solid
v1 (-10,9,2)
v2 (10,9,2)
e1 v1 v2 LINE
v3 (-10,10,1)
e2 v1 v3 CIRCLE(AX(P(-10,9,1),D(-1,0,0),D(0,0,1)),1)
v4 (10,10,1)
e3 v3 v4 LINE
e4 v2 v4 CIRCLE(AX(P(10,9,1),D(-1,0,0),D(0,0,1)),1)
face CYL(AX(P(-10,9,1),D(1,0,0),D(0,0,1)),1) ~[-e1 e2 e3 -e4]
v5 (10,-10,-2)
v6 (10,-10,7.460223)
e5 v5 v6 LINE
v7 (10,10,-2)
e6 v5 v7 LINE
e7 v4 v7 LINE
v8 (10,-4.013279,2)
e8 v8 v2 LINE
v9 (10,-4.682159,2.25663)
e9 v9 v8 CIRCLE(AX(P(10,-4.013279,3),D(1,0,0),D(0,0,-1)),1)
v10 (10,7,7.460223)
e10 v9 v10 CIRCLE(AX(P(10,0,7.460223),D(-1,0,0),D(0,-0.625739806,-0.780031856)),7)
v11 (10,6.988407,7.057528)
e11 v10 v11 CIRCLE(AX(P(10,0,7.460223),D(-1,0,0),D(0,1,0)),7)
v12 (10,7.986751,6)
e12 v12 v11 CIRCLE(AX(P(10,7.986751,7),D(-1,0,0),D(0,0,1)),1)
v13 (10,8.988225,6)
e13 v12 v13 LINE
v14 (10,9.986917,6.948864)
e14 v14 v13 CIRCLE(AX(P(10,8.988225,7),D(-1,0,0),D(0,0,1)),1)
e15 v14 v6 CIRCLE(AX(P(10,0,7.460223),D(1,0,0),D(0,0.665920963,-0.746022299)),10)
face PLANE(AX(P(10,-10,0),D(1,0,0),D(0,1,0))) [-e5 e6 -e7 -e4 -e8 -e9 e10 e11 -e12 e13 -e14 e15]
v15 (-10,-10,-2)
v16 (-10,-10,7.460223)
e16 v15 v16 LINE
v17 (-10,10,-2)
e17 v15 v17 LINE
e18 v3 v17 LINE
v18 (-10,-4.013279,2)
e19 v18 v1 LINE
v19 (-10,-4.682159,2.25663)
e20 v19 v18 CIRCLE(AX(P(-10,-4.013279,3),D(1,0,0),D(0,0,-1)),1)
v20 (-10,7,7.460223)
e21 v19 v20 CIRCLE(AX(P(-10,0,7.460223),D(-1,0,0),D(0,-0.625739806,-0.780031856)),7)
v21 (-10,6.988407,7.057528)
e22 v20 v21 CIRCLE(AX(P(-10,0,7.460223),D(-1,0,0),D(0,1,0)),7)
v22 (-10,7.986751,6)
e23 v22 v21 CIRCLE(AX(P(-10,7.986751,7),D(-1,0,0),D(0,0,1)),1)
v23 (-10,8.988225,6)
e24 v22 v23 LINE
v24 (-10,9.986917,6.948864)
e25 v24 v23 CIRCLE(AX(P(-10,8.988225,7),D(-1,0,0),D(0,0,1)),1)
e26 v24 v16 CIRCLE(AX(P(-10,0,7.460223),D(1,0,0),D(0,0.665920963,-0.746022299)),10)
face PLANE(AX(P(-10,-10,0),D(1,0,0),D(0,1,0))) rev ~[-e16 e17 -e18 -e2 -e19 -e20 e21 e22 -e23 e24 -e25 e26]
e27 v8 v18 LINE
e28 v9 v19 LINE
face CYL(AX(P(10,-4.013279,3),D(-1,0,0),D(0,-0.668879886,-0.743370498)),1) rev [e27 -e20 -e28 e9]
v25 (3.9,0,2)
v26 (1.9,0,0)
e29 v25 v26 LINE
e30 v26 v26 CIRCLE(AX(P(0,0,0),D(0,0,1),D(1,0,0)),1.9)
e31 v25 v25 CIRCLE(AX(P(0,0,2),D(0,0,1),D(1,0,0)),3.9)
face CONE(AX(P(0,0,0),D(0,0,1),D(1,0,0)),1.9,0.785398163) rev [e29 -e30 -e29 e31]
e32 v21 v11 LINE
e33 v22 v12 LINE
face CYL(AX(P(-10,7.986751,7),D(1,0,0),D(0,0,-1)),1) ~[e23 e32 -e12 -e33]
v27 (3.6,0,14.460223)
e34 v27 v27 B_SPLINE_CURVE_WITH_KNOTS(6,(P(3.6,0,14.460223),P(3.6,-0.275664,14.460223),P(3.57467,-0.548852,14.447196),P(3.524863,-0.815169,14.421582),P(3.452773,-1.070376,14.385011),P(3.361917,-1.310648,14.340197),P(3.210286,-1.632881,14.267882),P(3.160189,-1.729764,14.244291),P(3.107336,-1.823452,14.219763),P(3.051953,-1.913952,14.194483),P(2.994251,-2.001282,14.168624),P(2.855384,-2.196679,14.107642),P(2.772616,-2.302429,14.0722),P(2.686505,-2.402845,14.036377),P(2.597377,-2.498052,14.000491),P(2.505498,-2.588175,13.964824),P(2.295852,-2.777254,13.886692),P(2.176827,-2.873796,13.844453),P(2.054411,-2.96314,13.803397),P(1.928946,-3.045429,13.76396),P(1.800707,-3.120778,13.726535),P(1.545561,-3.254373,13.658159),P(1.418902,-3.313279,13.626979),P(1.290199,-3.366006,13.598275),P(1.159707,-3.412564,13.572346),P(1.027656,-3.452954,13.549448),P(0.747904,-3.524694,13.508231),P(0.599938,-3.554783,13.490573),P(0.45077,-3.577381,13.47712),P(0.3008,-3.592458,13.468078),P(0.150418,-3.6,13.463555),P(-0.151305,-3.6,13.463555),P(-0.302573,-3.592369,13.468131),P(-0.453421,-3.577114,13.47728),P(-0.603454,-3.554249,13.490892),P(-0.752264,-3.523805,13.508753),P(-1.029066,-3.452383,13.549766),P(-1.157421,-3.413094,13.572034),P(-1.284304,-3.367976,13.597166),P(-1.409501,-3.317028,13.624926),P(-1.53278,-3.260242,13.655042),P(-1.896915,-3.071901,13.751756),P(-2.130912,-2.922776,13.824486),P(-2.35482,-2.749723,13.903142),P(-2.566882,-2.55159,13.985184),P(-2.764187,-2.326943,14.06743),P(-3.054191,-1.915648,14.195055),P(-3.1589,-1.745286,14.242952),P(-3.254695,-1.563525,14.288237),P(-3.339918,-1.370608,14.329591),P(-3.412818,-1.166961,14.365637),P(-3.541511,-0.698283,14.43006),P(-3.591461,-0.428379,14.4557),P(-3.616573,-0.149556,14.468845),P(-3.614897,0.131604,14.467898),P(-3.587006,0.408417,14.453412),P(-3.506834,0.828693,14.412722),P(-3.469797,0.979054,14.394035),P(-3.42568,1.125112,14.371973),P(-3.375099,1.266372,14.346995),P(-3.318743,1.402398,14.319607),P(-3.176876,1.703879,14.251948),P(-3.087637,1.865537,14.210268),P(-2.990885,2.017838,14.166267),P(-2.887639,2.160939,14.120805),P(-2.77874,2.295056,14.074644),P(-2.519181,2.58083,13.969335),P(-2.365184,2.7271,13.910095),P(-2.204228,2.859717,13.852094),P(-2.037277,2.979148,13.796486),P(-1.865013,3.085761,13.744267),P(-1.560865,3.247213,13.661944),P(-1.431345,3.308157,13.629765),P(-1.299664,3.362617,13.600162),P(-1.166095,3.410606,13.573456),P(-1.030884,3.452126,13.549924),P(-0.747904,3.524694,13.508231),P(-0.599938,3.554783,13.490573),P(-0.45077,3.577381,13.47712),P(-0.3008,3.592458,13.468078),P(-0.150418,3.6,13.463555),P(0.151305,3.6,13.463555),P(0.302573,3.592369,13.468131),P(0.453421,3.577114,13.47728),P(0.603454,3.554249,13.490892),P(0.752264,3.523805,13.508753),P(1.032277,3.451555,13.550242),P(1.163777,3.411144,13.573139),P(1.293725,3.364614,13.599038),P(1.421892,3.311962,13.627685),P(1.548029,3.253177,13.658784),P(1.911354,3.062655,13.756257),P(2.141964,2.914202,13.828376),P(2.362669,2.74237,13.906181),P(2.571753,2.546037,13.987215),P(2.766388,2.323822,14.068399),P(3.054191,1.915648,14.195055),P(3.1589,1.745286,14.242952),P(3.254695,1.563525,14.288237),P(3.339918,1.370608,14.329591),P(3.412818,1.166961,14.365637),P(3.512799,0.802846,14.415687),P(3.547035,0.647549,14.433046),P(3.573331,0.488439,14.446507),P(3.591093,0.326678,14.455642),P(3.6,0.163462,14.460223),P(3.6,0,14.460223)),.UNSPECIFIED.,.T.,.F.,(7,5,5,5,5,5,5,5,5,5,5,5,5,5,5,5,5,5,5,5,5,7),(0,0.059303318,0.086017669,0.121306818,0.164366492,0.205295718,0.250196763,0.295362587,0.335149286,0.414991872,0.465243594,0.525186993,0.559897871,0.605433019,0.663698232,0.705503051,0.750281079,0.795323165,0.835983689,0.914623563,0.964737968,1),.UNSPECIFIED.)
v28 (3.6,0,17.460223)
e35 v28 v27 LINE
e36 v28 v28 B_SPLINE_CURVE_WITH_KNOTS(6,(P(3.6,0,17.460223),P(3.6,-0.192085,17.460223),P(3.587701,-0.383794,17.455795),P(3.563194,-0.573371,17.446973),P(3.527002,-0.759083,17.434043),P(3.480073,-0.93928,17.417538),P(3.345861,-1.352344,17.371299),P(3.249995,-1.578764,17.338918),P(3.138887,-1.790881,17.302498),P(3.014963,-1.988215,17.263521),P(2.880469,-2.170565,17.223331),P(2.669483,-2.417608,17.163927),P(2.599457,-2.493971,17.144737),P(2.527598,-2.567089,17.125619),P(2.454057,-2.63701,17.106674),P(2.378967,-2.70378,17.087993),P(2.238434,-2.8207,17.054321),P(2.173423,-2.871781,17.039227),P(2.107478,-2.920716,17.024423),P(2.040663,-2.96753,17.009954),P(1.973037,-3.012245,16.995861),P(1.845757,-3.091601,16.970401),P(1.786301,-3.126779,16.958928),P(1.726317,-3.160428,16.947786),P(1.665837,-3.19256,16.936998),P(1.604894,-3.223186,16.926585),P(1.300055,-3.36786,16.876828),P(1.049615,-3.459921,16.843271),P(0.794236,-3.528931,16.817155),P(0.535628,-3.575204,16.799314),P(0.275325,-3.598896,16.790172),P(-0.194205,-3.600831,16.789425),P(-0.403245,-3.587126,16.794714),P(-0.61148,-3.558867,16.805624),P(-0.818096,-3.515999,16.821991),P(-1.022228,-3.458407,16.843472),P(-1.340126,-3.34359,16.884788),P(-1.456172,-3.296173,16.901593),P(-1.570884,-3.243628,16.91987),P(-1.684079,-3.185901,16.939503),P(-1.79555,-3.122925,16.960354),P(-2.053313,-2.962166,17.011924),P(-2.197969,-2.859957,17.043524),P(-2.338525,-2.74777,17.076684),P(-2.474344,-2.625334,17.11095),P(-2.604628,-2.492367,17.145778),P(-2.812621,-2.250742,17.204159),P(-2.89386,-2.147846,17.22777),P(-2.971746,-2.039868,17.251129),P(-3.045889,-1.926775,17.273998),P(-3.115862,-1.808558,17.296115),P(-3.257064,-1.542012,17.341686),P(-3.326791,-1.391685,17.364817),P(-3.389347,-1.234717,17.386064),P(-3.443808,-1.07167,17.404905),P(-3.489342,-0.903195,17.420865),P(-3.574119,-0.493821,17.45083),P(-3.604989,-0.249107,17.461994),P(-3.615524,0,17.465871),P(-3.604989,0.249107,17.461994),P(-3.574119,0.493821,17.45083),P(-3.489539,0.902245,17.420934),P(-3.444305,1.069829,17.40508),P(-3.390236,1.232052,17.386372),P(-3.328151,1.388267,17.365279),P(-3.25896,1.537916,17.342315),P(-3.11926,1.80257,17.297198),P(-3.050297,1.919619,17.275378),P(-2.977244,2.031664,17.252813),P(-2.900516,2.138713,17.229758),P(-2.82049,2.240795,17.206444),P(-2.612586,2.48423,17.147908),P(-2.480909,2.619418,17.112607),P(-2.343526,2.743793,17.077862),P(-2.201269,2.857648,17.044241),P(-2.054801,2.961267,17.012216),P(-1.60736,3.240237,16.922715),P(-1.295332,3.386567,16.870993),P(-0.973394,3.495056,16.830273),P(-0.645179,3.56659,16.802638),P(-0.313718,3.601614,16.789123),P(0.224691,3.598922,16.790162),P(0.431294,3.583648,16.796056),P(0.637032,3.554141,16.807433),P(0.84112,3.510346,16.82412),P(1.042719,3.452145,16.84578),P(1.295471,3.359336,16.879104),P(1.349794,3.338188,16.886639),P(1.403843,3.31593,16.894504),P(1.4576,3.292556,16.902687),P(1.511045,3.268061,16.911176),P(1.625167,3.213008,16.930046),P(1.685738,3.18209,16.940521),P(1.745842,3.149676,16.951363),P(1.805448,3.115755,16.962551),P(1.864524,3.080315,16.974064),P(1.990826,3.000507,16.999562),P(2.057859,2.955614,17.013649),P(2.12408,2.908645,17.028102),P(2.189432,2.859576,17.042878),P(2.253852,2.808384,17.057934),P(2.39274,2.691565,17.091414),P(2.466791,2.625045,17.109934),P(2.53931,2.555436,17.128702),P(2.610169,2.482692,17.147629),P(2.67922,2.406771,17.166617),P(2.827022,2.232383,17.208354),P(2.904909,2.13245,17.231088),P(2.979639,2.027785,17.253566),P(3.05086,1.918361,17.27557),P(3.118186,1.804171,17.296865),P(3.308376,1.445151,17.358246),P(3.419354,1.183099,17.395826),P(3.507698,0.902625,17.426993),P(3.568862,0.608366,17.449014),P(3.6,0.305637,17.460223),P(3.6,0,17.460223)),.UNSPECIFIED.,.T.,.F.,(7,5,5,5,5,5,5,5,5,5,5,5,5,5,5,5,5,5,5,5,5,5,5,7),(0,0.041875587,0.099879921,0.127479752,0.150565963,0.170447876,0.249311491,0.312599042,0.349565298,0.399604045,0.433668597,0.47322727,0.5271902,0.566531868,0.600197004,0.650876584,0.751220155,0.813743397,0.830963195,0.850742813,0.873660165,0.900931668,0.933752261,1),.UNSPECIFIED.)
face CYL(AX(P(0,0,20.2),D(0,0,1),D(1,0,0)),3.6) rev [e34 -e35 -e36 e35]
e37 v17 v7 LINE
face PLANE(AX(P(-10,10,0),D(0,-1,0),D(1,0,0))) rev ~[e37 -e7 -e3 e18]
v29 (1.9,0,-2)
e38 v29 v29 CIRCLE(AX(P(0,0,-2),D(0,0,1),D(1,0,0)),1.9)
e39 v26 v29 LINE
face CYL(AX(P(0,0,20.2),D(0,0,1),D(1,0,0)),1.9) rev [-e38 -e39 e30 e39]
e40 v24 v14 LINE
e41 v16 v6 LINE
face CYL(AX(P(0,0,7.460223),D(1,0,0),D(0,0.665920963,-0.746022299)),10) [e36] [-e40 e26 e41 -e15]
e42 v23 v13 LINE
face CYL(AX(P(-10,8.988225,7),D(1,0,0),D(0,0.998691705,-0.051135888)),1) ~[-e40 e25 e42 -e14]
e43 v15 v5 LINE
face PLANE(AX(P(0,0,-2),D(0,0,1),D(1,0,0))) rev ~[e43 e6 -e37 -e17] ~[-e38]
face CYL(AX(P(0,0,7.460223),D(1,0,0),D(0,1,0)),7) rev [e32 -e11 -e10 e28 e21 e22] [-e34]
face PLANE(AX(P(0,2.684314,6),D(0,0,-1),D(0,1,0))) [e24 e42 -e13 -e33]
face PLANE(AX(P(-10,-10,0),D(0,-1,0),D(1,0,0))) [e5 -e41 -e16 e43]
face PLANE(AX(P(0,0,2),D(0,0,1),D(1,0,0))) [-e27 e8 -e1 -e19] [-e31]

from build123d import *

# Parameters (mm, degrees)
F0_W      = 20
F0_H      = 20
F1_DEPTH  = 2
F3_DEPTH  = 10
F4_W      = 10
F4_H      = 4
F5_DEPTH  = 10
F6_R      = 1
F8_R      = 1.9
F9_DEPTH  = 25
F8_R_2    = 3.6
F10_DEPTH = 15
F11_SIZE  = 2


with BuildPart() as f1:
    # F0 (on Top) → F1 (new body, symmetric)
    with BuildSketch(Plane.XY):
        Rectangle(F0_W, F0_H)
    extrude(amount=F1_DEPTH, both=True)

    # F2 (on Right) → F3 (join, symmetric)
    with BuildSketch(Plane.YZ):
        with BuildLine():
            Line((0, 0), (6.6592096346, 0))
            ThreePointArc((6.6592096346, 0), (4.0870468344, 16.5868898597), (-10, 7.4602229888))
            Line((-10, 7.4602229888), (-10, 0))
            Line((-10, 0), (-6.6592096346, 0))
            Line((-6.6592096346, 0), (0, 0))
        make_face()
        with BuildLine():
            ThreePointArc((-4.3801786394, 2), (-3.0280975483, 13.7713738535), (7, 7.4602229888))
            ThreePointArc((7, 7.4602229888), (6.3111508648, 4.4321254404), (4.3801786394, 2))
            ThreePointArc((4.3801786394, 2), (0, 0.4602229888), (-4.3801786394, 2))
        make_face(mode=Mode.SUBTRACT)
    extrude(amount=F3_DEPTH, both=True)

    # F4 (on Right) → F5 (cut, symmetric)
    with BuildSketch(Plane.YZ):
        with Locations((7.6843140367, 4)):
            Rectangle(F4_W, F4_H)
    extrude(amount=F5_DEPTH, both=True, mode=Mode.SUBTRACT)

    # F6
    f6_edges = [f1.edges().sort_by_distance(p)[0] for p in [
        (0, 10, 2),
        (0, 9.892813, 6),
        (0, 6.846002, 6),
        (0, -4.380179, 2),
    ]]
    fillet(f6_edges, radius=F6_R)

    # F8 (on offset) → F9 (cut)
    with BuildSketch(Plane(origin=(0, 0, 20.2), x_dir=(1, 0, 0), z_dir=(0, 0, -1))):
        Circle(F8_R)
    extrude(amount=F9_DEPTH, mode=Mode.SUBTRACT)

    # F8 (on offset) → F10 (cut)
    with BuildSketch(Plane(origin=(0, 0, 20.2), x_dir=(1, 0, 0), z_dir=(0, 0, -1))):
        Circle(F8_R_2)
        Circle(F8_R, mode=Mode.SUBTRACT)
    extrude(amount=F10_DEPTH, mode=Mode.SUBTRACT)

    # F11
    f11_edges = [f1.edges().sort_by_distance(p)[0] for p in [
        (-1.9, 0, 2),
    ]]
    chamfer(f11_edges, length=F11_SIZE)


solid = f1.part
